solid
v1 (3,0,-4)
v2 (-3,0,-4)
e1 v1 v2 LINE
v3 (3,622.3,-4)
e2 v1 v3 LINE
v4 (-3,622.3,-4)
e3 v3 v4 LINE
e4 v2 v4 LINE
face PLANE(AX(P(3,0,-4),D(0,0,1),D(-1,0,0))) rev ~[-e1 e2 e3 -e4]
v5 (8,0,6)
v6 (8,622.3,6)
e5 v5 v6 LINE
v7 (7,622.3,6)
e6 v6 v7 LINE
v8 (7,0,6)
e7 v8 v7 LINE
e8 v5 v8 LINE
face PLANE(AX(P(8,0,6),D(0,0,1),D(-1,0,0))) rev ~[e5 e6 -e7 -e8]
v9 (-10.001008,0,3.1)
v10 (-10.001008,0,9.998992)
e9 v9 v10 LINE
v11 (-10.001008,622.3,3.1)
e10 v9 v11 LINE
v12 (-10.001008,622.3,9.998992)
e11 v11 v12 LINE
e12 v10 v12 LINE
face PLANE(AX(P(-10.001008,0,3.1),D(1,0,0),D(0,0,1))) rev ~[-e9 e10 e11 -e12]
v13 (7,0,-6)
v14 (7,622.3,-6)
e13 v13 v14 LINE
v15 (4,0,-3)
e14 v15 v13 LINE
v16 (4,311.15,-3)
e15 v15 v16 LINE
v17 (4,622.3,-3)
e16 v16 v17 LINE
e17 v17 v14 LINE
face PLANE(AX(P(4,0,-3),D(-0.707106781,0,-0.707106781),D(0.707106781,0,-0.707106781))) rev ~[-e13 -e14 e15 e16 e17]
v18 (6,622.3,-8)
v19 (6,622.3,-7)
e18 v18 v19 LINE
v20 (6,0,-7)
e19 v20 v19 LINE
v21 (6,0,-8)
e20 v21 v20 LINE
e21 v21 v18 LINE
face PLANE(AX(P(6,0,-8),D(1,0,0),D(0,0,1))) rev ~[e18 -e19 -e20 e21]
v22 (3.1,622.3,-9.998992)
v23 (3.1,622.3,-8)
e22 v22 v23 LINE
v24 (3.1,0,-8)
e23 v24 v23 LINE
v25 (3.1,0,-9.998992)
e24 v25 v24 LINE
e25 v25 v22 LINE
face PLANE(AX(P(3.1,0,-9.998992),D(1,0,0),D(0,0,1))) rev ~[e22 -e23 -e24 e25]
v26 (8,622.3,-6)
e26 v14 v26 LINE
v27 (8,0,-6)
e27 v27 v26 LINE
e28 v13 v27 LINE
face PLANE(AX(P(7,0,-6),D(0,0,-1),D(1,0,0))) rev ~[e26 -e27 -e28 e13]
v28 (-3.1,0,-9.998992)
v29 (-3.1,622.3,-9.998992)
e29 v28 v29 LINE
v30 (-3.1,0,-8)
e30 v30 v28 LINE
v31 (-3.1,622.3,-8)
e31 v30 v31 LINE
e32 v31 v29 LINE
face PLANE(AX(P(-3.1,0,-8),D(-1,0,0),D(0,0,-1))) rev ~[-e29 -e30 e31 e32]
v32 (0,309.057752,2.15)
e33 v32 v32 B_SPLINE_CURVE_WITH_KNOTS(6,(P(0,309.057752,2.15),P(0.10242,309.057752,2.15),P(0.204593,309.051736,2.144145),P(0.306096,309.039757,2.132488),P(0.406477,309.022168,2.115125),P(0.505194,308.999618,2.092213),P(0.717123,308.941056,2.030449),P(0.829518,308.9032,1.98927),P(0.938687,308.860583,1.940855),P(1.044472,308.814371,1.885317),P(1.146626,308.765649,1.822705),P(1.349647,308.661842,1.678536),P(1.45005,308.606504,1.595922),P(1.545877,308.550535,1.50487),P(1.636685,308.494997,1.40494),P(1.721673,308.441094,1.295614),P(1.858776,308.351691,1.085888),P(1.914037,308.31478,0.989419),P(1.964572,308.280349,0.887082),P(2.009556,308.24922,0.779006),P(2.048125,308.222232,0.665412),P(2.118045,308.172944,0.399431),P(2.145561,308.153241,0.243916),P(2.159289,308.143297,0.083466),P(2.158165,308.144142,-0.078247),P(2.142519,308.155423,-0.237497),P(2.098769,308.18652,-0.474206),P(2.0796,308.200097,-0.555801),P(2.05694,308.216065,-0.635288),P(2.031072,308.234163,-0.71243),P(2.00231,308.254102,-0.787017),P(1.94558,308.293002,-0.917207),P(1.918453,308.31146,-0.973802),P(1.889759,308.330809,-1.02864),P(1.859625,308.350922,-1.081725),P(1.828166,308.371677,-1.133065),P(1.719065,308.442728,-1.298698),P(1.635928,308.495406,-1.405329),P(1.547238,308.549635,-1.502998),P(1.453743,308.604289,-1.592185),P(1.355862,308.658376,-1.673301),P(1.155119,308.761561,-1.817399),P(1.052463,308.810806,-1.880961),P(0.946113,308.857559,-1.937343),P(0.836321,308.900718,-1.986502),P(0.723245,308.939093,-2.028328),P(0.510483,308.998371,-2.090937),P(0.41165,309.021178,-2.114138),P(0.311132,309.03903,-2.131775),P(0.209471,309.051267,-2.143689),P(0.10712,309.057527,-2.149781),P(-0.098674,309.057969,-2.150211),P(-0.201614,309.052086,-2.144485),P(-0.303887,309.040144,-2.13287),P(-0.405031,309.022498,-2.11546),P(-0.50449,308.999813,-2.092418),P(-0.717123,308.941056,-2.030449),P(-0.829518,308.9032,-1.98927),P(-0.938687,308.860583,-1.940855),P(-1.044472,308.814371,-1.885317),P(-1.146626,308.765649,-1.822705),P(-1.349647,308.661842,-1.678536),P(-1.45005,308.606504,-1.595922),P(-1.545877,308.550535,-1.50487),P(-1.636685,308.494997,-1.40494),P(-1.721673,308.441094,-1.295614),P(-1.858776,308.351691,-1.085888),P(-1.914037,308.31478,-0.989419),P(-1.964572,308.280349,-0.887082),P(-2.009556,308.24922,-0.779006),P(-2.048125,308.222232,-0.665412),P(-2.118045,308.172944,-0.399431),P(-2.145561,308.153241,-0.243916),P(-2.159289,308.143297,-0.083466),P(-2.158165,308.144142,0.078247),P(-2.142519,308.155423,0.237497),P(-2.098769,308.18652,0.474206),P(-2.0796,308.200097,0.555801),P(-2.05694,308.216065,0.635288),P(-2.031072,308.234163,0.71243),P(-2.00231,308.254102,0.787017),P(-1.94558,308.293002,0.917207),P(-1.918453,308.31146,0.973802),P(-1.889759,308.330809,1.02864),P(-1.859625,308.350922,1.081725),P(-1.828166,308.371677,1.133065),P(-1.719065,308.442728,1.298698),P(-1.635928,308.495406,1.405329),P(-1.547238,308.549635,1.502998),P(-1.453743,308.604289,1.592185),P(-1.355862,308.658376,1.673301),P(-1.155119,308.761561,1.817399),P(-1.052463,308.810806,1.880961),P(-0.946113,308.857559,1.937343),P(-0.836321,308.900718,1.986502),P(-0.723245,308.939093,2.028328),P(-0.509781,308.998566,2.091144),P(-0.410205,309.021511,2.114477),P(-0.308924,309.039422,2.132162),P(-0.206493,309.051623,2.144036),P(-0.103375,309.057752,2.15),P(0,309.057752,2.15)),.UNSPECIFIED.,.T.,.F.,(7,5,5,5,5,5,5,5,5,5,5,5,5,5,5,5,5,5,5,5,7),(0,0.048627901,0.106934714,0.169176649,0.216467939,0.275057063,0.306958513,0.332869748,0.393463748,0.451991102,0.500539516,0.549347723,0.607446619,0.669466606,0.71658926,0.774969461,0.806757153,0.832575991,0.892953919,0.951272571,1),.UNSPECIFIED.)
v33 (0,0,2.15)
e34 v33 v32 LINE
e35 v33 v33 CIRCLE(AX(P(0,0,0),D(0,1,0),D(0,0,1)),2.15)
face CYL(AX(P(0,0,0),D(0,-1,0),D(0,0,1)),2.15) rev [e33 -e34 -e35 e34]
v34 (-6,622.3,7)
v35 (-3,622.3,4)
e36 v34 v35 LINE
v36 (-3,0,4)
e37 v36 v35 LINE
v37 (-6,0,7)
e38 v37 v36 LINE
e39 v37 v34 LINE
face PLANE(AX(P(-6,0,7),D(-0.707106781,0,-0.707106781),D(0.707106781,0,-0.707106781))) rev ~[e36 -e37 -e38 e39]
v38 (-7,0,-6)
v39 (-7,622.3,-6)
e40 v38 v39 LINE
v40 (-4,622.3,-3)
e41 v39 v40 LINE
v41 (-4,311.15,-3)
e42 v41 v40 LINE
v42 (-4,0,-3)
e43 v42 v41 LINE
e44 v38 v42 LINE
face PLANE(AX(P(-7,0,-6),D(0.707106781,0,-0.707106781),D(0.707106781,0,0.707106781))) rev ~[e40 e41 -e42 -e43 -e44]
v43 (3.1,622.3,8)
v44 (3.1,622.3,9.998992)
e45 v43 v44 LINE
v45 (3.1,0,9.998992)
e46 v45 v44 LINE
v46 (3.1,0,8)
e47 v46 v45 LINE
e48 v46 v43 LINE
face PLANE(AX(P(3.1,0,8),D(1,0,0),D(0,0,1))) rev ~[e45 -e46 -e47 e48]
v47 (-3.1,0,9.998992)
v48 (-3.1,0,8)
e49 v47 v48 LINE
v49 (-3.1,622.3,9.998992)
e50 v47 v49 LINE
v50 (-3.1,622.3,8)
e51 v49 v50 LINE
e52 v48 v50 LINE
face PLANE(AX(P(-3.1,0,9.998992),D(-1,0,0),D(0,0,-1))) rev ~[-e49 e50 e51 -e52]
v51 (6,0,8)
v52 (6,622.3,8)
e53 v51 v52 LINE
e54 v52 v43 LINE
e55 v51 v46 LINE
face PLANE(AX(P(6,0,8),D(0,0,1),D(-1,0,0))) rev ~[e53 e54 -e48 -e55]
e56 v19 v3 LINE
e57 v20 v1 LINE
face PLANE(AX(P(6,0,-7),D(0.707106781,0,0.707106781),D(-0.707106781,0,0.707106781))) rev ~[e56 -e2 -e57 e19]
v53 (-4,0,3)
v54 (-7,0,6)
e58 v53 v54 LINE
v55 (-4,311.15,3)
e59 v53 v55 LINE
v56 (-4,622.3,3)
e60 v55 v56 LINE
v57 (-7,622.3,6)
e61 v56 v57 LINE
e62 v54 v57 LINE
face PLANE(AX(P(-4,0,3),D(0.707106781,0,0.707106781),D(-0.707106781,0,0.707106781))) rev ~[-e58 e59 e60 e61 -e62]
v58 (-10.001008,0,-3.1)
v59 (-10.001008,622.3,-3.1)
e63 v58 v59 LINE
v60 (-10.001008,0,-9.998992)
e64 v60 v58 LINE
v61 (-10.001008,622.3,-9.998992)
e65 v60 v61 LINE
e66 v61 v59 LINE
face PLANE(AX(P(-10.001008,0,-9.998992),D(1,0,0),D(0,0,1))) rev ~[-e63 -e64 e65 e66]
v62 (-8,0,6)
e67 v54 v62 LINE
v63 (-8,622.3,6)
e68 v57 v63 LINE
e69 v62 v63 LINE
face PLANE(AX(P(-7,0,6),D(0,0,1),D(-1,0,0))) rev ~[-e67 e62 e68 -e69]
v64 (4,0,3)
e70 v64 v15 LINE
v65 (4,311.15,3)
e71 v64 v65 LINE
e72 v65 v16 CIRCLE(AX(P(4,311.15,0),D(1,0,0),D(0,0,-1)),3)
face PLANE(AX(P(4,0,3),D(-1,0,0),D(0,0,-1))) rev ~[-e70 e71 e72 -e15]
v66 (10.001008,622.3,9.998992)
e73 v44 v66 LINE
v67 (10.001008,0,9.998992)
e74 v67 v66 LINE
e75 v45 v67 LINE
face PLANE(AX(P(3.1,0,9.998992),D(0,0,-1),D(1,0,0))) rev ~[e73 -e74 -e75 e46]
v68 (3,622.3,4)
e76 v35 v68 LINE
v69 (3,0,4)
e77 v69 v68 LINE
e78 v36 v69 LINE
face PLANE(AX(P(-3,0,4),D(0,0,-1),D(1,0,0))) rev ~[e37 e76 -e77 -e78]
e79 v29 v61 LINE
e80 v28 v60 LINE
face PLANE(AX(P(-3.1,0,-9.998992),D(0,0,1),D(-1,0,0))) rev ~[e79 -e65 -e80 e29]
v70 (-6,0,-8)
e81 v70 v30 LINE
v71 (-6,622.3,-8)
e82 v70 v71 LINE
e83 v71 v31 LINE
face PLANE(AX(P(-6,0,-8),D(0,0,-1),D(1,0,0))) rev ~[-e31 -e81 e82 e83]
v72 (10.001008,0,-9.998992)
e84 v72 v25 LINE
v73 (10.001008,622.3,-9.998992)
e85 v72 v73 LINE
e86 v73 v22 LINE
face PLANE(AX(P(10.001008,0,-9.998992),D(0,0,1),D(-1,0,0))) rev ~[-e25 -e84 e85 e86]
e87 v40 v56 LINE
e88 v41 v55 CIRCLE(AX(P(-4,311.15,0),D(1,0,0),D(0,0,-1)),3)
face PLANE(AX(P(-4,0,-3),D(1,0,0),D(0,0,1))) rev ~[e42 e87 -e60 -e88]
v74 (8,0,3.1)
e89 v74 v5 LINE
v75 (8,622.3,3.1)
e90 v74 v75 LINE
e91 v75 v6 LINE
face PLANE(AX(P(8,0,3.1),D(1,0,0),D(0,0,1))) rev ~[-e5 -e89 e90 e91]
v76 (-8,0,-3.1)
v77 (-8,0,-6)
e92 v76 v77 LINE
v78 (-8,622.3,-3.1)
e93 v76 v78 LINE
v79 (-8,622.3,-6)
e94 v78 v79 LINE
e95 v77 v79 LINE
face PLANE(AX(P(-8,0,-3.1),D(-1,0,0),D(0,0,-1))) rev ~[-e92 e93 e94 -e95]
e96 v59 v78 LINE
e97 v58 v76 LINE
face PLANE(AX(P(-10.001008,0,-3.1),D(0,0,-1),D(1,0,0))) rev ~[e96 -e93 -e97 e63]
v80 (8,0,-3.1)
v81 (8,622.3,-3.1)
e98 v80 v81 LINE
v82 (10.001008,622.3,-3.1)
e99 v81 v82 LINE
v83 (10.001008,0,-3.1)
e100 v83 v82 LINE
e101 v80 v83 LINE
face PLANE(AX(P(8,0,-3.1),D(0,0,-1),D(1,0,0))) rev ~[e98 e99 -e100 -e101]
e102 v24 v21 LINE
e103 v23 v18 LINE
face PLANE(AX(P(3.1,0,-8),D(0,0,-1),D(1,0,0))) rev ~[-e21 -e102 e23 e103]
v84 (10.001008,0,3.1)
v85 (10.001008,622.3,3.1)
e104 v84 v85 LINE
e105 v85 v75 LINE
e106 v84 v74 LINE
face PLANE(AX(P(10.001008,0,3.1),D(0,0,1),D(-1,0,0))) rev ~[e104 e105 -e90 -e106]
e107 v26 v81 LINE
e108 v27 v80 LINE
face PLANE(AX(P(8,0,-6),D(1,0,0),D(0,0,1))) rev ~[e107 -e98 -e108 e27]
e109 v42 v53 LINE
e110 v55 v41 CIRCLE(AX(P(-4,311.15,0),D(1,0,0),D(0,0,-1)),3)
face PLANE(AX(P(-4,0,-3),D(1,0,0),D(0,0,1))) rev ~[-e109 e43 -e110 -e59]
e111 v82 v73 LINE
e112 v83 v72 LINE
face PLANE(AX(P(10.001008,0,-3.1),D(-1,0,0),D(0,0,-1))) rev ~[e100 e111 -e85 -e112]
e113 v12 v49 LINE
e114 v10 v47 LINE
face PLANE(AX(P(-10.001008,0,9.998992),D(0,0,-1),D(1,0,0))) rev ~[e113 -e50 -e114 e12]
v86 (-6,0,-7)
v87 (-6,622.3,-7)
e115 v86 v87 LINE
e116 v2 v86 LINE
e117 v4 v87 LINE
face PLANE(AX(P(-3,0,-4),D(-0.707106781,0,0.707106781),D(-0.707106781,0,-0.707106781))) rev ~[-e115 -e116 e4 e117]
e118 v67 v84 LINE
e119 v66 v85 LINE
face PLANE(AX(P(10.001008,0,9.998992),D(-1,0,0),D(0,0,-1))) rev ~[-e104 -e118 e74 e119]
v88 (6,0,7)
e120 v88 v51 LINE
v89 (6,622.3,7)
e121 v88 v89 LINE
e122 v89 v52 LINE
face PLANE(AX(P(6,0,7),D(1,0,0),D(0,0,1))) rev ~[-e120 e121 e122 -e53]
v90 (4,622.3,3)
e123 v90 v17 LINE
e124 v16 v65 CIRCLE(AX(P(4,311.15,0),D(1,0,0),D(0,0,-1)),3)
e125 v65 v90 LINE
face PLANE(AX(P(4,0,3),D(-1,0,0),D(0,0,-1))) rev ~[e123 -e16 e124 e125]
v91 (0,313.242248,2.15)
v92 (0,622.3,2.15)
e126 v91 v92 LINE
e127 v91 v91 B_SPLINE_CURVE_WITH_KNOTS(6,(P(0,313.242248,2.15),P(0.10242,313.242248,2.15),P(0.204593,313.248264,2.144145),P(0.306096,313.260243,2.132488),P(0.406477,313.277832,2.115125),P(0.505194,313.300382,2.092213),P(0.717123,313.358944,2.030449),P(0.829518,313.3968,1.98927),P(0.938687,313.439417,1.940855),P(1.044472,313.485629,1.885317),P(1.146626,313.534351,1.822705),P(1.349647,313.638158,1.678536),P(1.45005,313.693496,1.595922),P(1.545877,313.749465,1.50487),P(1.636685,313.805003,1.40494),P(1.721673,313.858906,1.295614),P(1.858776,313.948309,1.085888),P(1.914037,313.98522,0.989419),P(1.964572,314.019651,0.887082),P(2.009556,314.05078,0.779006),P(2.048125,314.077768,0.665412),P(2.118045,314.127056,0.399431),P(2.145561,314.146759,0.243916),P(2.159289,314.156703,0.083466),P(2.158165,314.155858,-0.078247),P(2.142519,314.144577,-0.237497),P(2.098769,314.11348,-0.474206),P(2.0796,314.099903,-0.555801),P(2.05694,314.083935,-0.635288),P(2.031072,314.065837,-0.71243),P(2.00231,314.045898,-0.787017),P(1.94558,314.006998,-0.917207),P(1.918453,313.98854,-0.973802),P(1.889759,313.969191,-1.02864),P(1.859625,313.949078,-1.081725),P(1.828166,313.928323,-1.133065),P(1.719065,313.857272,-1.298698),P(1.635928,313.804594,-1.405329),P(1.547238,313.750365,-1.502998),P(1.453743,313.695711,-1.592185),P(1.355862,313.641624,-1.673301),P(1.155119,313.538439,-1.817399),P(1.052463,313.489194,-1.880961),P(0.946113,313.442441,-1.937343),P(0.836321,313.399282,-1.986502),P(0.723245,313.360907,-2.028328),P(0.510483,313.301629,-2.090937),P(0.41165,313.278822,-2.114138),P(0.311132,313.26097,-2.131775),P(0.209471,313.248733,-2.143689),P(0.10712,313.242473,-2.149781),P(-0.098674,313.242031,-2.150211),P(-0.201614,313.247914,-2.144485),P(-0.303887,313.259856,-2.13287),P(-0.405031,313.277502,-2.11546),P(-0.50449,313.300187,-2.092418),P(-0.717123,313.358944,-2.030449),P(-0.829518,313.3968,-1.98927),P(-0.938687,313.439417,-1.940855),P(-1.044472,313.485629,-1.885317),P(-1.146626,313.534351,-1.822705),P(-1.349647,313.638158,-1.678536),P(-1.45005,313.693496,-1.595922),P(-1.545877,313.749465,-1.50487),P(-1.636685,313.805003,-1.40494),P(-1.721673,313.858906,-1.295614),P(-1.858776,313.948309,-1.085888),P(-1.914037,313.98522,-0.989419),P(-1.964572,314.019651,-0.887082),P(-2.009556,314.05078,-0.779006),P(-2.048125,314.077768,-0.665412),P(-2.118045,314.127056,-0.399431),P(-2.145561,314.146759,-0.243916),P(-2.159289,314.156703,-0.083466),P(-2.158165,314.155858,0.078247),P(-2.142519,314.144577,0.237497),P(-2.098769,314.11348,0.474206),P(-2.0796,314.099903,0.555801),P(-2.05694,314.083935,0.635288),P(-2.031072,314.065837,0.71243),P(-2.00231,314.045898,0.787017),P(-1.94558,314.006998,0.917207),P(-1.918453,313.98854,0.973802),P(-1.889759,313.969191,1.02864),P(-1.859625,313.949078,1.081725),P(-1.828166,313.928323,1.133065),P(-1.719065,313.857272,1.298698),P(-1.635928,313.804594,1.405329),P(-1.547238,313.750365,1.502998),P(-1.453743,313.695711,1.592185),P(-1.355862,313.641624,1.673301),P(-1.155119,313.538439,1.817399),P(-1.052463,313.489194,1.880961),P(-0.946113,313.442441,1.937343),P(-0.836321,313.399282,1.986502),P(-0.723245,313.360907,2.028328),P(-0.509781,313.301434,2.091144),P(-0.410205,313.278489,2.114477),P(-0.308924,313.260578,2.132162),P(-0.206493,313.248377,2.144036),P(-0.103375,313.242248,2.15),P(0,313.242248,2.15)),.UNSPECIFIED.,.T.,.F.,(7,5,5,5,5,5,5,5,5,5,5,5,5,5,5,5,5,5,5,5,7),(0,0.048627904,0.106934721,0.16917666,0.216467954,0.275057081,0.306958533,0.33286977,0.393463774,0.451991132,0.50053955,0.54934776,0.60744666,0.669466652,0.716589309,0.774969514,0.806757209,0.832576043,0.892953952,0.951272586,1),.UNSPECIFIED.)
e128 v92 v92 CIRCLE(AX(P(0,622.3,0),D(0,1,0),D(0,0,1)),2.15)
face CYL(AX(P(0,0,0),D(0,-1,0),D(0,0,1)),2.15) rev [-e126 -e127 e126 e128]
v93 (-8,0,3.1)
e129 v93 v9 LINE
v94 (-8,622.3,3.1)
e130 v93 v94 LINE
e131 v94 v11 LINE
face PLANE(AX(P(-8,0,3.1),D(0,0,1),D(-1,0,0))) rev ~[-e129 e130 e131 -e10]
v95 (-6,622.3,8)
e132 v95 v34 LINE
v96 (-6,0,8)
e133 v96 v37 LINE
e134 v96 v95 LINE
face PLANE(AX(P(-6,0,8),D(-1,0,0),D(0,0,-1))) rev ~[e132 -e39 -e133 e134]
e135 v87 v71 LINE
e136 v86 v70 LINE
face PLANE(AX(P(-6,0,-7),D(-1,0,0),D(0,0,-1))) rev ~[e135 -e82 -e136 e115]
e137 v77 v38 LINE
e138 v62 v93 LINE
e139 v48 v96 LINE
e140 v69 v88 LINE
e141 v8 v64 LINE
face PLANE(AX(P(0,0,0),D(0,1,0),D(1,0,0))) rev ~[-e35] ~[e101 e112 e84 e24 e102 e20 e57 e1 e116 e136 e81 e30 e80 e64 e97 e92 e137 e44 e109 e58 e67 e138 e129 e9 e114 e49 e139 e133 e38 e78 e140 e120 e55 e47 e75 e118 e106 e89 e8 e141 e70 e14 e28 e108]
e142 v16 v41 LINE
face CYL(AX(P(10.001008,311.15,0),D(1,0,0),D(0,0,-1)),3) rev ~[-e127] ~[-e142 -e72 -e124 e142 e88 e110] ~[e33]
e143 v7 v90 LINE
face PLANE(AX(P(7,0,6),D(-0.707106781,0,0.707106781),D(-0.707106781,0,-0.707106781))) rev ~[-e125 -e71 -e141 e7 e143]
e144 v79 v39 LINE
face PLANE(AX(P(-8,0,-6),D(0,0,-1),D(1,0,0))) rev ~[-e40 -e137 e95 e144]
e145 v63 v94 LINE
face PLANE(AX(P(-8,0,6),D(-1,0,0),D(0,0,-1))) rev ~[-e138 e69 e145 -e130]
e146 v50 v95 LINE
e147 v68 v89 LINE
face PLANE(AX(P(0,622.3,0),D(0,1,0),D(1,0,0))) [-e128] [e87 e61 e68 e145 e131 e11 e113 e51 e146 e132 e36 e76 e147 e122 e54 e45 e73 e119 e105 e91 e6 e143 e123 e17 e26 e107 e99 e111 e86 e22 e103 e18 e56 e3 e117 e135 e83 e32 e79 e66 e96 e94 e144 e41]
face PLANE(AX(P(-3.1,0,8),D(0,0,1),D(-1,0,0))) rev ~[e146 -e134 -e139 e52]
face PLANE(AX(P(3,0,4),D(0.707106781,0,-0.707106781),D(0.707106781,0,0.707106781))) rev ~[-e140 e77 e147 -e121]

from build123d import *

# Parameters (mm, degrees)
SKETCH_1_R          = 2.15
EXTRUDE_1_DEPTH     = 622.3
SKETCH_3_R          = 3
CUT_EXTRUDE_1_DEPTH = 26


with BuildPart() as part:
    # 스케치1 → 보스-돌출1 (new body)
    with BuildSketch(Plane(origin=(0, 0, 0), x_dir=(1, 0, 0), z_dir=(0, 1, 0))):
        Polygon((3.1, 8), (6, 8), (6, 7), (3, 4), (0, 4), (-3, 4), (-6, 7), (-6, 8), (-3.1, 8), (-3.1, 9.998992087), (-10.001007855, 9.998992087), (-10.001007855, 3.1), (-8, 3.1), (-8, 6), (-7, 6), (-4, 3), (-4, 0), (-4, -3), (-7, -6), (-8, -6), (-8, -3.1), (-10.001007855, -3.1), (-10.001007855, -9.998992087), (-3.1, -9.998992087), (-3.1, -8), (-6, -8), (-6, -7), (-3, -4), (0, -4), (3, -4), (6, -7), (6, -8), (3.1, -8), (3.1, -9.998992087), (10.001007855, -9.998992087), (10.001007855, -3.1), (8, -3.1), (8, -6), (7, -6), (4, -3), (4, 0), (4, 3), (7, 6), (8, 6), (8, 3.1), (10.001007855, 3.1), (10.001007855, 9.998992087), (3.1, 9.998992087), align=None)
        with Locations(Location((0, 0, 0), (0, 0, 270))):
            Circle(SKETCH_1_R, mode=Mode.SUBTRACT)
    extrude(amount=EXTRUDE_1_DEPTH)

    # 스케치3 → 컷-돌출1 (cut)
    with BuildSketch(Plane(origin=(10.001007855, 0, 0), x_dir=(0, 0, -1), z_dir=(1, 0, 0))):
        with Locations((0, 311.15)):
            Circle(SKETCH_3_R)
    extrude(amount=-CUT_EXTRUDE_1_DEPTH, mode=Mode.SUBTRACT)


solid = part.part
